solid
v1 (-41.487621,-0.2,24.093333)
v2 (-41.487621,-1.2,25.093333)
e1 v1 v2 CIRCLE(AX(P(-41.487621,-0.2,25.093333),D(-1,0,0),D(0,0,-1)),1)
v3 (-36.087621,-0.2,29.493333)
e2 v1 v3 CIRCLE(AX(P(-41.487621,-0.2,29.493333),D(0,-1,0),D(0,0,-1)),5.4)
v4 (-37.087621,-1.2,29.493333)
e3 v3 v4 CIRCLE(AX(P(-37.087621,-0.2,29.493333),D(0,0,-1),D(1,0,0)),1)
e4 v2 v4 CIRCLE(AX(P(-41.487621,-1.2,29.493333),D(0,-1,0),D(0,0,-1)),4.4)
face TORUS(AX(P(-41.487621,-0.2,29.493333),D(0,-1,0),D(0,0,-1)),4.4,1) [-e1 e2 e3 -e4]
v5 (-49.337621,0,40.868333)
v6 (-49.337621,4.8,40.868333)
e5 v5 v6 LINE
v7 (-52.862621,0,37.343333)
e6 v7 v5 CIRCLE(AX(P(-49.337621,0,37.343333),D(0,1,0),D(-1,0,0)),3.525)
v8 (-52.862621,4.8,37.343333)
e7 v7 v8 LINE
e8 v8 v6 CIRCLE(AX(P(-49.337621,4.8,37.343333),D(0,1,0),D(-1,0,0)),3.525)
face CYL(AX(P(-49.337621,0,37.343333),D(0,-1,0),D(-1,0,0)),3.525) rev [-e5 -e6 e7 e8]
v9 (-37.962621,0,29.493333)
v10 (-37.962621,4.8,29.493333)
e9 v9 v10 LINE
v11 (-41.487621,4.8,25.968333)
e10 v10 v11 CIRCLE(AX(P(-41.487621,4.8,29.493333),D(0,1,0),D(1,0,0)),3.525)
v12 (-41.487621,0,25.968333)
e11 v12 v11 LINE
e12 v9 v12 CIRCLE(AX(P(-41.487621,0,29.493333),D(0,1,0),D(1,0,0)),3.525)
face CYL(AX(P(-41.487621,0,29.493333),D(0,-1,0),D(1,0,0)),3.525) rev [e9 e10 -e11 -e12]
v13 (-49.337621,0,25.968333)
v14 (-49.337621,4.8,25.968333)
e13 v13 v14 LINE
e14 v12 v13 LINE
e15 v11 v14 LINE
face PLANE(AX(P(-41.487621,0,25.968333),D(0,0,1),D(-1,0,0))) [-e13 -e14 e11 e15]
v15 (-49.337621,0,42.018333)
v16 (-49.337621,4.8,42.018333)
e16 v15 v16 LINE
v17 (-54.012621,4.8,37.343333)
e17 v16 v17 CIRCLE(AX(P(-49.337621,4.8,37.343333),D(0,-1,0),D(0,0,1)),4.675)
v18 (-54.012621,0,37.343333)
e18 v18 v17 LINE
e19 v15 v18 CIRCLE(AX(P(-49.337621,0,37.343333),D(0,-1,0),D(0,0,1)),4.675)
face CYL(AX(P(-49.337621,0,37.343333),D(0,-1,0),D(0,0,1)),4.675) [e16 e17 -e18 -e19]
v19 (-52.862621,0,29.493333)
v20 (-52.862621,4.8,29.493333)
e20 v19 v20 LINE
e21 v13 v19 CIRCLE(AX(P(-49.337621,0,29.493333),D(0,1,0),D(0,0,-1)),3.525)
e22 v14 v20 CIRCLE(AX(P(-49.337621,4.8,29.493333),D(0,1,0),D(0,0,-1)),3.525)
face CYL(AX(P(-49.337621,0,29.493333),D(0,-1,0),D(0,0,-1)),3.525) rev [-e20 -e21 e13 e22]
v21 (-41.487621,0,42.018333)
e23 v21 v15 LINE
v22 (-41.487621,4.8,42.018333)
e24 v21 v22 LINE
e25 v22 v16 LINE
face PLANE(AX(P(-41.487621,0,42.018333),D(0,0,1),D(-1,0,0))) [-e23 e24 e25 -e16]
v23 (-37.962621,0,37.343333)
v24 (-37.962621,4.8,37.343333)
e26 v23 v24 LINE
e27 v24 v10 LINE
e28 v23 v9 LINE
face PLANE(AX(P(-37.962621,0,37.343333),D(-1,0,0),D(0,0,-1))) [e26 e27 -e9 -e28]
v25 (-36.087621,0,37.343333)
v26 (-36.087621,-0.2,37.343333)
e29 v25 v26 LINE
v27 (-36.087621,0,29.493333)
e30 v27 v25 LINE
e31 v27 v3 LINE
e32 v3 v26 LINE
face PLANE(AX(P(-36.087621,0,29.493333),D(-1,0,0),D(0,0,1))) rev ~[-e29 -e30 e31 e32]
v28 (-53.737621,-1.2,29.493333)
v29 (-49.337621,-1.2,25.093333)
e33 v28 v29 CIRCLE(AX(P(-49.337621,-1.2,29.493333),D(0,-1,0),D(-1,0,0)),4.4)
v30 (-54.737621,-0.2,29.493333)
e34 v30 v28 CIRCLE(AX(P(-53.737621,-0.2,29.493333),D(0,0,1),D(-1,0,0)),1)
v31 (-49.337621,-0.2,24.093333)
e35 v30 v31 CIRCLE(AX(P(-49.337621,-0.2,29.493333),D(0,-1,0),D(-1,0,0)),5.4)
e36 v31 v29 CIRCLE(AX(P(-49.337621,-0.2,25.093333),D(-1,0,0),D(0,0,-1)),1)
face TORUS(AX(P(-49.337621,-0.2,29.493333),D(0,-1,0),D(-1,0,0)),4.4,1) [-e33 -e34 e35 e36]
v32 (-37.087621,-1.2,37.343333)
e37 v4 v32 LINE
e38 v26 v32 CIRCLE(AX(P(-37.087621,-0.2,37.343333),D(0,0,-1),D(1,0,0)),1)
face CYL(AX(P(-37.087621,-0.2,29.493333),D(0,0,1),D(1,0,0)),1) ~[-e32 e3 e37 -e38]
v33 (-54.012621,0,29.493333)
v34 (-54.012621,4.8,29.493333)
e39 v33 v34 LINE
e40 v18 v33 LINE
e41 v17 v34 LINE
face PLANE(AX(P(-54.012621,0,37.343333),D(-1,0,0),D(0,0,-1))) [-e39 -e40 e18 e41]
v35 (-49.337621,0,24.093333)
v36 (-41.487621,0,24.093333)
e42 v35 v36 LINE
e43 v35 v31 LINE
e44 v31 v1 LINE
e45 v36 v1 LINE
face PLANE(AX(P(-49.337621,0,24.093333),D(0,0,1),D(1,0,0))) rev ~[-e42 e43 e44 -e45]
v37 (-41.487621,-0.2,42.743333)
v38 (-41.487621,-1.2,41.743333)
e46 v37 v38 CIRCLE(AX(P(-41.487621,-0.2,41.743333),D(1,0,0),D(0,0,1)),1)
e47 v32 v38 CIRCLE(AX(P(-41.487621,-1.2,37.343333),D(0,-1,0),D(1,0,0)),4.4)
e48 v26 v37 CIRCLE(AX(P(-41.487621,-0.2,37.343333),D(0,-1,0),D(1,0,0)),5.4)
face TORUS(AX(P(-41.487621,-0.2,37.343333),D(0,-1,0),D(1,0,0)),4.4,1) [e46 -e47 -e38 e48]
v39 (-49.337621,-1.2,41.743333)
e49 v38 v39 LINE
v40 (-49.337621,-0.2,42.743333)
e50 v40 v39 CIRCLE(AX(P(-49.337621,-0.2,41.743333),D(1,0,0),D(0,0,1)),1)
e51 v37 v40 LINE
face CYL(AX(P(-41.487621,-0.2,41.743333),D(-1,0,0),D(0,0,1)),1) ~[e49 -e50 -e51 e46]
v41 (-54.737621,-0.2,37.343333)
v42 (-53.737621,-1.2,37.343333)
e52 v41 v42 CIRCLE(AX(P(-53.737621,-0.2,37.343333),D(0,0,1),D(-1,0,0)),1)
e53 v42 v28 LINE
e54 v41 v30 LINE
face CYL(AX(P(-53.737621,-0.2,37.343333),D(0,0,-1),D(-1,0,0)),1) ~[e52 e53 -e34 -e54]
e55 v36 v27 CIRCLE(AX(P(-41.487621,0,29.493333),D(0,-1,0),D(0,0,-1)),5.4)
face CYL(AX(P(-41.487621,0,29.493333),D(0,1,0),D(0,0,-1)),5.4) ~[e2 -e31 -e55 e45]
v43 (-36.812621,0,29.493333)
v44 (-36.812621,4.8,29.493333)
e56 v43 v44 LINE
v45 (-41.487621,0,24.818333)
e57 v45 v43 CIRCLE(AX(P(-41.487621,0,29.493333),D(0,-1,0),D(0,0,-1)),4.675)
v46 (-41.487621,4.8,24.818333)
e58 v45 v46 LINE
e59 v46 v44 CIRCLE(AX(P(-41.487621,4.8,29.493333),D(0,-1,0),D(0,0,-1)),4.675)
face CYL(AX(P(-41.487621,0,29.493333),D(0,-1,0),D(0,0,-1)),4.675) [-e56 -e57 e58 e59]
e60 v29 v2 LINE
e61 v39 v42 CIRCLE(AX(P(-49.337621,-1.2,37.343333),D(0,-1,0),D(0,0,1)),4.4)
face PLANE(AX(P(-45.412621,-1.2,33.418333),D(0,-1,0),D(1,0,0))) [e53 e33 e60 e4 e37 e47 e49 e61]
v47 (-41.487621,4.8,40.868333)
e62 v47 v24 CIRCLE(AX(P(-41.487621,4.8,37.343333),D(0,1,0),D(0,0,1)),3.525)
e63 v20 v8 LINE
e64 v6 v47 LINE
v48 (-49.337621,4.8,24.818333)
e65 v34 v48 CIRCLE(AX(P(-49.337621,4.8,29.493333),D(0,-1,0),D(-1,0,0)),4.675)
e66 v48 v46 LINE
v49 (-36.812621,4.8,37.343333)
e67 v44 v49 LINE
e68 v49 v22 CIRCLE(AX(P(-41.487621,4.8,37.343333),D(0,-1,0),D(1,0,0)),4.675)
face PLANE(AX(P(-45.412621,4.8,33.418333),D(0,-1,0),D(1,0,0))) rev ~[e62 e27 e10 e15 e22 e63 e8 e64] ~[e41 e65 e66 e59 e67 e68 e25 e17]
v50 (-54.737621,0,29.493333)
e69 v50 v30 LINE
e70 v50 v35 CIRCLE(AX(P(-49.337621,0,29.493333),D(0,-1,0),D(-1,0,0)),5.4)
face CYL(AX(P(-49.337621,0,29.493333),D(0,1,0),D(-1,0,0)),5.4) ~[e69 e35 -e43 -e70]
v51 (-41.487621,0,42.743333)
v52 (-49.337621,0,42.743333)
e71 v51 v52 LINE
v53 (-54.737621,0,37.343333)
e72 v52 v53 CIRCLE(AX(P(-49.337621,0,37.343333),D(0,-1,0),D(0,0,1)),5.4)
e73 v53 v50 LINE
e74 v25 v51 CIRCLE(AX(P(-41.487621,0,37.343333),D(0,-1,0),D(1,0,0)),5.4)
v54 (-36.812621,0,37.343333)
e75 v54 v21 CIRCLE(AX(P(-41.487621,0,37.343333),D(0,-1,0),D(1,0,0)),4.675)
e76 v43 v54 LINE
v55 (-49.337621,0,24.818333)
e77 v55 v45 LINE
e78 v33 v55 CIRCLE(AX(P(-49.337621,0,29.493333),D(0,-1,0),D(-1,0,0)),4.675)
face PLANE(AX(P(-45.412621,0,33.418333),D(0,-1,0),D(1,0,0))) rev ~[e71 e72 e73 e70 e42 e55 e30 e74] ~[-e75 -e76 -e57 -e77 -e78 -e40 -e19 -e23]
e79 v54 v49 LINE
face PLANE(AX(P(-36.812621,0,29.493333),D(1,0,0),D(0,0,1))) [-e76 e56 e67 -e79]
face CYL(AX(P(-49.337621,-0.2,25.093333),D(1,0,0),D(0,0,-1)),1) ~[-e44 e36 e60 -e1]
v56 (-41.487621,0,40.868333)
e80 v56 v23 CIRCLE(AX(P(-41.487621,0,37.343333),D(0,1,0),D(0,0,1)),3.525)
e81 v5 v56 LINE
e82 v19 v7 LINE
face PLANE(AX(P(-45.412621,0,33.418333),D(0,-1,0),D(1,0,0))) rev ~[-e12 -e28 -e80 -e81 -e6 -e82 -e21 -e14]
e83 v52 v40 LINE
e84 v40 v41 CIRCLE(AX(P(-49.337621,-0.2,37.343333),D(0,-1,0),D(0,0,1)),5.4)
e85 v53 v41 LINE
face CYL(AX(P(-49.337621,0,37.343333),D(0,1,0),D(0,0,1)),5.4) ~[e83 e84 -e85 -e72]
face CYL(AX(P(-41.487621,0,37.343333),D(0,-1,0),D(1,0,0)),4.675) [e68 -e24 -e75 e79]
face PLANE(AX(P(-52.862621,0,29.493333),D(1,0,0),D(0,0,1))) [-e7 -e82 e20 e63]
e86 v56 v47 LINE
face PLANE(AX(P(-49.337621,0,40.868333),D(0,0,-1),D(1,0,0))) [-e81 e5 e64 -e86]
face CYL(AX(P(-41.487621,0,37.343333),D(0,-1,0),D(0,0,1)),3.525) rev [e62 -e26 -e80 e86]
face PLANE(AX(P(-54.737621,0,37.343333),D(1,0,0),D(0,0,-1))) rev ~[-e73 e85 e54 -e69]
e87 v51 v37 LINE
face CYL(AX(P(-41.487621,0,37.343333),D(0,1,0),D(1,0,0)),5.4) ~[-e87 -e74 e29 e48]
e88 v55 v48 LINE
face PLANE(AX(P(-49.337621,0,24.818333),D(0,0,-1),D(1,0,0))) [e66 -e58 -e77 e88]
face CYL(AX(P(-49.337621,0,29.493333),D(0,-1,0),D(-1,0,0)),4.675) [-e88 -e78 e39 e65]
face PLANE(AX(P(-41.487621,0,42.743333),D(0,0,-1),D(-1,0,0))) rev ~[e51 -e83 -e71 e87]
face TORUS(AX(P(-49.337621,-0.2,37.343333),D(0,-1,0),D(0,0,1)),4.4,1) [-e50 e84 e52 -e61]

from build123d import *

# Parameters (mm, degrees)
F1_DEPTH = 1.2
F2_DEPTH = 4.8
F3_R     = 1


with BuildPart() as f1:
    # F0 (on Front) → F1 (new body)
    with BuildSketch(Plane.XZ):
        with BuildLine():
            Line((-41.4876210034, 42.7433328658), (-49.3376210034, 42.7433328658))
            ThreePointArc((-49.3376210034, 42.7433328658), (-53.1559976218, 41.1617094842), (-54.7376210034, 37.3433328658))
            Line((-54.7376210034, 37.3433328658), (-54.7376210034, 29.4933328658))
            ThreePointArc((-54.7376210034, 29.4933328658), (-53.1559976218, 25.6749562474), (-49.3376210034, 24.0933328658))
            Line((-49.3376210034, 24.0933328658), (-41.4876210034, 24.0933328658))
            ThreePointArc((-41.4876210034, 24.0933328658), (-37.669244385, 25.6749562474), (-36.0876210034, 29.4933328658))
            Line((-36.0876210034, 29.4933328658), (-36.0876210034, 37.3433328658))
            ThreePointArc((-36.0876210034, 37.3433328658), (-37.669244385, 41.1617094842), (-41.4876210034, 42.7433328658))
        make_face()
        with BuildLine():
            ThreePointArc((-49.3376210034, 24.8183328658), (-52.6433452054, 26.1876086638), (-54.0126210034, 29.4933328658))
            Line((-54.0126210034, 29.4933328658), (-54.0126210034, 37.3433328658))
            ThreePointArc((-54.0126210034, 37.3433328658), (-52.6433452054, 40.6490570679), (-49.3376210034, 42.0183328658))
            Line((-49.3376210034, 42.0183328658), (-41.4876210034, 42.0183328658))
            ThreePointArc((-41.4876210034, 42.0183328658), (-38.1818968013, 40.6490570679), (-36.8126210034, 37.3433328658))
            Line((-36.8126210034, 37.3433328658), (-36.8126210034, 29.4933328658))
            ThreePointArc((-36.8126210034, 29.4933328658), (-38.1818968013, 26.1876086638), (-41.4876210034, 24.8183328658))
            Line((-41.4876210034, 24.8183328658), (-49.3376210034, 24.8183328658))
        make_face(mode=Mode.SUBTRACT)
        with BuildLine():
            Line((-54.0126210034, 37.3433328658), (-54.0126210034, 29.4933328658))
            ThreePointArc((-54.0126210034, 29.4933328658), (-52.6433452054, 26.1876086638), (-49.3376210034, 24.8183328658))
            Line((-49.3376210034, 24.8183328658), (-41.4876210034, 24.8183328658))
            ThreePointArc((-41.4876210034, 24.8183328658), (-38.1818968013, 26.1876086638), (-36.8126210034, 29.4933328658))
            Line((-36.8126210034, 29.4933328658), (-36.8126210034, 37.3433328658))
            ThreePointArc((-36.8126210034, 37.3433328658), (-38.1818968013, 40.6490570679), (-41.4876210034, 42.0183328658))
            Line((-41.4876210034, 42.0183328658), (-49.3376210034, 42.0183328658))
            ThreePointArc((-49.3376210034, 42.0183328658), (-52.6433452054, 40.6490570679), (-54.0126210034, 37.3433328658))
        make_face()
        with BuildLine():
            Line((-52.8626210034, 29.4933328658), (-52.8626210034, 37.3433328658))
            ThreePointArc((-52.8626210034, 37.3433328658), (-51.8301724071, 39.8358842695), (-49.3376210034, 40.8683328658))
            Line((-49.3376210034, 40.8683328658), (-41.4876210034, 40.8683328658))
            ThreePointArc((-41.4876210034, 40.8683328658), (-38.9950695997, 39.8358842695), (-37.9626210034, 37.3433328658))
            Line((-37.9626210034, 37.3433328658), (-37.9626210034, 29.4933328658))
            ThreePointArc((-37.9626210034, 29.4933328658), (-38.9950695997, 27.0007814622), (-41.4876210034, 25.9683328658))
            Line((-41.4876210034, 25.9683328658), (-49.3376210034, 25.9683328658))
            ThreePointArc((-49.3376210034, 25.9683328658), (-51.8301724071, 27.0007814622), (-52.8626210034, 29.4933328658))
        make_face(mode=Mode.SUBTRACT)
        with BuildLine():
            ThreePointArc((-49.3376210034, 40.8683328658), (-51.8301724071, 39.8358842695), (-52.8626210034, 37.3433328658))
            Line((-52.8626210034, 37.3433328658), (-52.8626210034, 29.4933328658))
            ThreePointArc((-52.8626210034, 29.4933328658), (-51.8301724071, 27.0007814622), (-49.3376210034, 25.9683328658))
            Line((-49.3376210034, 25.9683328658), (-41.4876210034, 25.9683328658))
            ThreePointArc((-41.4876210034, 25.9683328658), (-38.9950695997, 27.0007814622), (-37.9626210034, 29.4933328658))
            Line((-37.9626210034, 29.4933328658), (-37.9626210034, 37.3433328658))
            ThreePointArc((-37.9626210034, 37.3433328658), (-38.9950695997, 39.8358842695), (-41.4876210034, 40.8683328658))
            Line((-41.4876210034, 40.8683328658), (-49.3376210034, 40.8683328658))
        make_face()
    extrude(amount=F1_DEPTH)

    # F0 (on Front) → F2 (join)
    with BuildSketch(Plane.XZ):
        with BuildLine():
            Line((-54.0126210034, 37.3433328658), (-54.0126210034, 29.4933328658))
            ThreePointArc((-54.0126210034, 29.4933328658), (-52.6433452054, 26.1876086638), (-49.3376210034, 24.8183328658))
            Line((-49.3376210034, 24.8183328658), (-41.4876210034, 24.8183328658))
            ThreePointArc((-41.4876210034, 24.8183328658), (-38.1818968013, 26.1876086638), (-36.8126210034, 29.4933328658))
            Line((-36.8126210034, 29.4933328658), (-36.8126210034, 37.3433328658))
            ThreePointArc((-36.8126210034, 37.3433328658), (-38.1818968013, 40.6490570679), (-41.4876210034, 42.0183328658))
            Line((-41.4876210034, 42.0183328658), (-49.3376210034, 42.0183328658))
            ThreePointArc((-49.3376210034, 42.0183328658), (-52.6433452054, 40.6490570679), (-54.0126210034, 37.3433328658))
        make_face()
        with BuildLine():
            Line((-52.8626210034, 29.4933328658), (-52.8626210034, 37.3433328658))
            ThreePointArc((-52.8626210034, 37.3433328658), (-51.8301724071, 39.8358842695), (-49.3376210034, 40.8683328658))
            Line((-49.3376210034, 40.8683328658), (-41.4876210034, 40.8683328658))
            ThreePointArc((-41.4876210034, 40.8683328658), (-38.9950695997, 39.8358842695), (-37.9626210034, 37.3433328658))
            Line((-37.9626210034, 37.3433328658), (-37.9626210034, 29.4933328658))
            ThreePointArc((-37.9626210034, 29.4933328658), (-38.9950695997, 27.0007814622), (-41.4876210034, 25.9683328658))
            Line((-41.4876210034, 25.9683328658), (-49.3376210034, 25.9683328658))
            ThreePointArc((-49.3376210034, 25.9683328658), (-51.8301724071, 27.0007814622), (-52.8626210034, 29.4933328658))
        make_face(mode=Mode.SUBTRACT)
    extrude(amount=-F2_DEPTH)

    # F3
    f3_edges = [f1.edges().sort_by_distance(p)[0] for p in [
        (-37.669244, -1.2, 41.161709),
    ]]
    fillet(f3_edges, radius=F3_R)


solid = f1.part
